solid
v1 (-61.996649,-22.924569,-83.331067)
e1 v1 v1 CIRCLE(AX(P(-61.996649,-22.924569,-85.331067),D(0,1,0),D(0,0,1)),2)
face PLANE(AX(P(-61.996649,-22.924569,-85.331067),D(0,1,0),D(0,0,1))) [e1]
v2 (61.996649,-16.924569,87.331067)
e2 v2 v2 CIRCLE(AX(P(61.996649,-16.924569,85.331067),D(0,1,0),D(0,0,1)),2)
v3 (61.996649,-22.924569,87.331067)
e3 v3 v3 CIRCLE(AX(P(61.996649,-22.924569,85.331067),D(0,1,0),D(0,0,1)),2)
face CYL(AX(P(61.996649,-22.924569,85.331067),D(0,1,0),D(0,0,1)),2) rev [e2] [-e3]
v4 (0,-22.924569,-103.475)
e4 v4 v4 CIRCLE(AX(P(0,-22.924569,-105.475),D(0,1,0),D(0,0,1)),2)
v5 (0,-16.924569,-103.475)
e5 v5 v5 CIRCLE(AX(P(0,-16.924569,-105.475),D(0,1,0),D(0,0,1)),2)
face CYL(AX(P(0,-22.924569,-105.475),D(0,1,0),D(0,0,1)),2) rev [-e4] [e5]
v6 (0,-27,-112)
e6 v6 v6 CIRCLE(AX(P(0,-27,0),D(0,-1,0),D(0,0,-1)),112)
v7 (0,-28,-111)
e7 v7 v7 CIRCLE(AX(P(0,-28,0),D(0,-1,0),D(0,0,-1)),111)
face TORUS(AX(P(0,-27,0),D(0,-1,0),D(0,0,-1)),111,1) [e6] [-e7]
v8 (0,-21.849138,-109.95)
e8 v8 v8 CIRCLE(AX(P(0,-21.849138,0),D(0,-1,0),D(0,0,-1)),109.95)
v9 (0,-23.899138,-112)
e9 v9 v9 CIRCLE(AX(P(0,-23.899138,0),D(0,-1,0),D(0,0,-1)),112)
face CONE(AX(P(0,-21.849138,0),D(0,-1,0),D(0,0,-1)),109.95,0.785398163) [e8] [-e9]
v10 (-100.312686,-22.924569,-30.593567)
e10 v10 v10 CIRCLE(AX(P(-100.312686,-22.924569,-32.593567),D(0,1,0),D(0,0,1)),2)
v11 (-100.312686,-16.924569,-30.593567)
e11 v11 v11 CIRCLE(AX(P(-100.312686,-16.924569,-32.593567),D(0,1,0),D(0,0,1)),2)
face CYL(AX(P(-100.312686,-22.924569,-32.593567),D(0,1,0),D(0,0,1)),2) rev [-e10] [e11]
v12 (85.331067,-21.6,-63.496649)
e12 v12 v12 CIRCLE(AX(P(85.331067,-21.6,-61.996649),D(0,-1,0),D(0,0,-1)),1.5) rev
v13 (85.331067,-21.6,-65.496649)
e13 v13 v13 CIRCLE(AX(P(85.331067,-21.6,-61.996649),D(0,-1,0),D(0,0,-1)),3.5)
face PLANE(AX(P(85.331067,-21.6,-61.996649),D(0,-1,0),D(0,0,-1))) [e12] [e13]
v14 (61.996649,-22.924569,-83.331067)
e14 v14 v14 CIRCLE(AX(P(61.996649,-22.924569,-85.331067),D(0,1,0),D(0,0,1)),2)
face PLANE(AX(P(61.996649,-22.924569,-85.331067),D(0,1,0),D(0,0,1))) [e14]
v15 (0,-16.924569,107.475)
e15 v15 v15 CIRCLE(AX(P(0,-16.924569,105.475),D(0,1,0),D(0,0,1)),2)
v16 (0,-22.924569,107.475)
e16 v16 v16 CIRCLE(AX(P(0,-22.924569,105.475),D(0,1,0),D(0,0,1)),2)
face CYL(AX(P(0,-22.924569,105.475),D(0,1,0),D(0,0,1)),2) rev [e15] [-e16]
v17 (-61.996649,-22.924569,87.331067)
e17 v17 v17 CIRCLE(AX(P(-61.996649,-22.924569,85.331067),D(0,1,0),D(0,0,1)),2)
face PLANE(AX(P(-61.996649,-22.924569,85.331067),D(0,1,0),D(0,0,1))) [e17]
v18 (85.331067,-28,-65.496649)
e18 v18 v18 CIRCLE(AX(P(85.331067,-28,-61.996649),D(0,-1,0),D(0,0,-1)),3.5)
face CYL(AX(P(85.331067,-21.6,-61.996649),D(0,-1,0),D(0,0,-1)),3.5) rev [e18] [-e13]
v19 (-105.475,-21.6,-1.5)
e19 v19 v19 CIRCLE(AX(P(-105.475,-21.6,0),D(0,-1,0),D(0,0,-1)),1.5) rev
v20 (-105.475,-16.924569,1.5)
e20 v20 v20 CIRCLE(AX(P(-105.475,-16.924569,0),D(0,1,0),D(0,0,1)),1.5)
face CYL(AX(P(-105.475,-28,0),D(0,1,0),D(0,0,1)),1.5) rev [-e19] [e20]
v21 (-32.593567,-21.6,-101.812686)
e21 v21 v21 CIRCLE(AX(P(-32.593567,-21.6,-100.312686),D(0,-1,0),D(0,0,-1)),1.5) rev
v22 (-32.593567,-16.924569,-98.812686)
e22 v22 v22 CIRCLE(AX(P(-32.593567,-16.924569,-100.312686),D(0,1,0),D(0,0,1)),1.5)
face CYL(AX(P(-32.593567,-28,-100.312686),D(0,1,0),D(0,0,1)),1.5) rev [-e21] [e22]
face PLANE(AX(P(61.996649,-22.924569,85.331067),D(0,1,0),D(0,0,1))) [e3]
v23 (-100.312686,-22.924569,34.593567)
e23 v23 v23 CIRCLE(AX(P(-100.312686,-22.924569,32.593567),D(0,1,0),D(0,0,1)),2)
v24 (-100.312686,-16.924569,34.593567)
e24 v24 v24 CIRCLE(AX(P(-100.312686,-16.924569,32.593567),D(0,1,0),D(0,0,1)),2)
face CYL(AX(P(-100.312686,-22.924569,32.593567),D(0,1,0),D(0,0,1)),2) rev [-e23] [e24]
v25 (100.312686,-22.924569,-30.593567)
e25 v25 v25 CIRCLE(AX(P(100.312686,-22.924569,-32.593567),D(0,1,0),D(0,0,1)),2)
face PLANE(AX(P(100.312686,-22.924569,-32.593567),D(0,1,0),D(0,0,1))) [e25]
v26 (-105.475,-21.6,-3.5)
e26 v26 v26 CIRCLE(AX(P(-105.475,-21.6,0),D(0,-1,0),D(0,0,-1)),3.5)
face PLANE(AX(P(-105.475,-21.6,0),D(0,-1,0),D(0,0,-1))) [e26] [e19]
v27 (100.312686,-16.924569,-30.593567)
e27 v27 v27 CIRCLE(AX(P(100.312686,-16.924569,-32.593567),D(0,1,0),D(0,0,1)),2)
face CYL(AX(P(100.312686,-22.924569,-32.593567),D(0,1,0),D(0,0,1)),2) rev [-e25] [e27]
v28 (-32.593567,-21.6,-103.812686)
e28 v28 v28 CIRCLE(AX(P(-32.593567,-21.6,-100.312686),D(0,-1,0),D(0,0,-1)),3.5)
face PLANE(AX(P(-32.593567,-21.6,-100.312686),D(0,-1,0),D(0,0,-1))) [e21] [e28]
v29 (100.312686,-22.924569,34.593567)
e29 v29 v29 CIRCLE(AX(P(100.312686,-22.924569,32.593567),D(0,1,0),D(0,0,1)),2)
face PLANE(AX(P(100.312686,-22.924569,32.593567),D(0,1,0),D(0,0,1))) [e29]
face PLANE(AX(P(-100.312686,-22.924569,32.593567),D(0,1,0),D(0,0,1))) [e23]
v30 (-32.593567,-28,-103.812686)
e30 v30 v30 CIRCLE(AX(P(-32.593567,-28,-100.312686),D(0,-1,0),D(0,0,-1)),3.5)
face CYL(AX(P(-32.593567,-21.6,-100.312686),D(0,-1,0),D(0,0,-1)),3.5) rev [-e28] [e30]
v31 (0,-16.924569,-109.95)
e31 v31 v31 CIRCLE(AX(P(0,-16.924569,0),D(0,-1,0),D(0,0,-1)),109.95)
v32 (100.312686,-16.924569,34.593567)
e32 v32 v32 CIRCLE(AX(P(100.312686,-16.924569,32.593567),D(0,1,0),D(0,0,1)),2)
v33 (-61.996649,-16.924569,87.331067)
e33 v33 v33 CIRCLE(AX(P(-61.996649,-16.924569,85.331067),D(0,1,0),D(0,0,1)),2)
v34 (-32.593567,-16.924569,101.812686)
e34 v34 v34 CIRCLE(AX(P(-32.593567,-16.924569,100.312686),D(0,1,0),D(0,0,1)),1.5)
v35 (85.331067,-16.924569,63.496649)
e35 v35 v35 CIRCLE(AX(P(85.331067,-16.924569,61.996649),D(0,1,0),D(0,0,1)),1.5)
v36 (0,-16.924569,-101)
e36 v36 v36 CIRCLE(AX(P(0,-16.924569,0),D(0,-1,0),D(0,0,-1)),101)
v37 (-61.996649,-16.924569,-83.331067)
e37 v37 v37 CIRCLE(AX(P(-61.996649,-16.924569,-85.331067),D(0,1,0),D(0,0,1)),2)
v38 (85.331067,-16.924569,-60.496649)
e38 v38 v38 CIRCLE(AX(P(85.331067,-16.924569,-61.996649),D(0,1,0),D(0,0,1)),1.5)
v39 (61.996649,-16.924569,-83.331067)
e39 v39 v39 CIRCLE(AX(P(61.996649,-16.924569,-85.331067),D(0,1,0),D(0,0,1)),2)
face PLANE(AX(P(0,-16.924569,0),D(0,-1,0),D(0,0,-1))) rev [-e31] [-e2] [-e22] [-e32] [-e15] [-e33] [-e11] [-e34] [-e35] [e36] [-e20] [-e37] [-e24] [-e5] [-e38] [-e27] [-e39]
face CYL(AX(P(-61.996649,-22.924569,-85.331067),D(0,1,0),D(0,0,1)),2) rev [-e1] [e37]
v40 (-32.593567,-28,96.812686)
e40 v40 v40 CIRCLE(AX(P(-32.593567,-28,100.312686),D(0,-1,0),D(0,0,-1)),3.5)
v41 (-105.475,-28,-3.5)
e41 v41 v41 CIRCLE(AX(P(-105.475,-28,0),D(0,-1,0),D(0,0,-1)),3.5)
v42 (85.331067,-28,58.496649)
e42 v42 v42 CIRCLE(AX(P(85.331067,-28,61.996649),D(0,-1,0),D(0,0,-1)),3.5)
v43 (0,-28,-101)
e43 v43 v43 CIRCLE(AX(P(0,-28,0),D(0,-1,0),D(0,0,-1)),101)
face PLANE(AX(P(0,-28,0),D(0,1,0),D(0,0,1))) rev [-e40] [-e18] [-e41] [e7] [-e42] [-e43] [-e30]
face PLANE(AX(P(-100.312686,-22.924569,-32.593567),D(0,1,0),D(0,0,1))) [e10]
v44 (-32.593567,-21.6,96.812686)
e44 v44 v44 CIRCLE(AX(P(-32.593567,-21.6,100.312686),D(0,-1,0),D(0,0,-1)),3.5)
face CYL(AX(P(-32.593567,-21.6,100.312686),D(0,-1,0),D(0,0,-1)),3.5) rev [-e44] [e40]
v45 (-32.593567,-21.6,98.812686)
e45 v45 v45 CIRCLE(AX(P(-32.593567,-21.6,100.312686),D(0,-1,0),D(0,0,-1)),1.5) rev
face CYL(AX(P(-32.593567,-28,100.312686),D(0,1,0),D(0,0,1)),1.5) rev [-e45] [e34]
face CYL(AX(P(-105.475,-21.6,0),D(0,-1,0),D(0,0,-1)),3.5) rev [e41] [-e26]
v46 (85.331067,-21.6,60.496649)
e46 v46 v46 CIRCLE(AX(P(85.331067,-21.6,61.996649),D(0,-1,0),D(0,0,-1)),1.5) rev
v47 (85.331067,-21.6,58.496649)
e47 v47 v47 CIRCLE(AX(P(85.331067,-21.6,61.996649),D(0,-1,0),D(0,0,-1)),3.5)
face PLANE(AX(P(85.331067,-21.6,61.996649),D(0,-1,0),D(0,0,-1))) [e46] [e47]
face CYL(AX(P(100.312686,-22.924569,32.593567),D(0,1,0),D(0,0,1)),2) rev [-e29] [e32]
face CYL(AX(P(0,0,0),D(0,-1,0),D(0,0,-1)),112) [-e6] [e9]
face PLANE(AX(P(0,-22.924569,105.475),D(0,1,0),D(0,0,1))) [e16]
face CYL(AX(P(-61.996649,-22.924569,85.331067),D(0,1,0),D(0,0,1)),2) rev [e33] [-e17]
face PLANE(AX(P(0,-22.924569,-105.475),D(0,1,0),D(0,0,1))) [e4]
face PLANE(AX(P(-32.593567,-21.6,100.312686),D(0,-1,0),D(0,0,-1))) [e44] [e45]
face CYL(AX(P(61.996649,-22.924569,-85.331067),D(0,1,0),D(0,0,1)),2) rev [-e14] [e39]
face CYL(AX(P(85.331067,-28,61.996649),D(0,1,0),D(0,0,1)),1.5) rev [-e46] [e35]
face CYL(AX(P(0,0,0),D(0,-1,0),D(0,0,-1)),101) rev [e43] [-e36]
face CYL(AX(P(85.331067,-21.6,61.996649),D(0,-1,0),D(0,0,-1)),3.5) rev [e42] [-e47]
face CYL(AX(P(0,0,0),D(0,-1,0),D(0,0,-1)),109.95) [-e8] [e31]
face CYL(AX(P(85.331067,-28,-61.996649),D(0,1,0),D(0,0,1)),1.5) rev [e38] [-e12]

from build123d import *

# Parameters (mm, degrees)
SKETCH4_R          = 2
CUT_EXTRUDE1_DEPTH = 6
SKETCH5_R          = 1.5
CUT_EXTRUDE2_DEPTH = 159.778667329
SKETCH6_R          = 3.5
CUT_EXTRUDE3_DEPTH = 6.4


with BuildPart() as part:
    # Sketch3 (on Front Plane) → Revolve7 (revolve)
    with BuildSketch(Plane.XY, mode=Mode.PRIVATE) as revolve7_sk:
        with BuildLine():
            Line((-111, -28), (-101, -28))
            Line((-101, -28), (-101, -16.924568901))
            Line((-101, -16.924568901), (-109.95, -16.924568901))
            Line((-109.95, -16.924568901), (-109.95, -21.849137803))
            Line((-109.95, -21.849137803), (-112, -23.899137803))
            Line((-112, -23.899137803), (-112, -27))
            ThreePointArc((-112, -27), (-111.707106781, -27.707106781), (-111, -28))
        make_face()
    revolve(revolve7_sk.sketch.rotate(Axis((0, 0, 0), (0, 1, 0)), 270), axis=Axis((0, 0, 0), (0, 1, 0)))

    # Sketch4 → Cut-Extrude1 (cut)
    with BuildSketch(Plane(origin=(0, -16.924568901, 0), x_dir=(1, 0, 0), z_dir=(0, 1, 0))):
        with Locations(Location((0, 105.475, 0), (0, 0, 270))):
            Circle(SKETCH4_R)
        with Locations(Location((61.996649486, 85.331067482, 0), (0, 0, 270))):
            Circle(SKETCH4_R)
        with Locations(Location((100.312686056, 32.593567482, 0), (0, 0, 270))):
            Circle(SKETCH4_R)
        with Locations(Location((100.312686056, -32.593567482, 0), (0, 0, 270))):
            Circle(SKETCH4_R)
        with Locations(Location((61.996649486, -85.331067482, 0), (0, 0, 270))):
            Circle(SKETCH4_R)
        with Locations(Location((0, -105.475, 0), (0, 0, 270))):
            Circle(SKETCH4_R)
        with Locations(Location((-61.996649486, -85.331067482, 0), (0, 0, 270))):
            Circle(SKETCH4_R)
        with Locations(Location((-100.312686056, -32.593567482, 0), (0, 0, 270))):
            Circle(SKETCH4_R)
        with Locations(Location((-100.312686056, 32.593567482, 0), (0, 0, 270))):
            Circle(SKETCH4_R)
        with Locations(Location((-61.996649486, 85.331067482, 0), (0, 0, 270))):
            Circle(SKETCH4_R)
    extrude(amount=-CUT_EXTRUDE1_DEPTH, mode=Mode.SUBTRACT)

    # Sketch5 → Cut-Extrude2 (cut, through all)
    with BuildSketch(Plane(origin=(0, -16.924568901, 0), x_dir=(1, 0, 0), z_dir=(0, 1, 0))):
        with Locations(Location((-105.475, 0, 0), (0, 0, 270))):
            Circle(SKETCH5_R)
        with Locations(Location((-32.593567482, 100.312686056, 0), (0, 0, 270))):
            Circle(SKETCH5_R)
        with Locations(Location((85.331067482, 61.996649486, 0), (0, 0, 270))):
            Circle(SKETCH5_R)
        with Locations(Location((85.331067482, -61.996649486, 0), (0, 0, 270))):
            Circle(SKETCH5_R)
        with Locations(Location((-32.593567482, -100.312686056, 0), (0, 0, 270))):
            Circle(SKETCH5_R)
    extrude(amount=-CUT_EXTRUDE2_DEPTH, mode=Mode.SUBTRACT)

    # Sketch6 → Cut-Extrude3 (cut)
    with BuildSketch(Plane.XZ.offset(28)):
        with Locations(Location((-105.475, 0, 0), (0, 0, 270))):
            Circle(SKETCH6_R)
        with Locations(Location((-32.593567482, 100.312686056, 0), (0, 0, 270))):
            Circle(SKETCH6_R)
        with Locations(Location((85.331067482, 61.996649486, 0), (0, 0, 270))):
            Circle(SKETCH6_R)
        with Locations(Location((85.331067482, -61.996649486, 0), (0, 0, 270))):
            Circle(SKETCH6_R)
        with Locations(Location((-32.593567482, -100.312686056, 0), (0, 0, 270))):
            Circle(SKETCH6_R)
    extrude(amount=-CUT_EXTRUDE3_DEPTH, mode=Mode.SUBTRACT)


solid = part.part
